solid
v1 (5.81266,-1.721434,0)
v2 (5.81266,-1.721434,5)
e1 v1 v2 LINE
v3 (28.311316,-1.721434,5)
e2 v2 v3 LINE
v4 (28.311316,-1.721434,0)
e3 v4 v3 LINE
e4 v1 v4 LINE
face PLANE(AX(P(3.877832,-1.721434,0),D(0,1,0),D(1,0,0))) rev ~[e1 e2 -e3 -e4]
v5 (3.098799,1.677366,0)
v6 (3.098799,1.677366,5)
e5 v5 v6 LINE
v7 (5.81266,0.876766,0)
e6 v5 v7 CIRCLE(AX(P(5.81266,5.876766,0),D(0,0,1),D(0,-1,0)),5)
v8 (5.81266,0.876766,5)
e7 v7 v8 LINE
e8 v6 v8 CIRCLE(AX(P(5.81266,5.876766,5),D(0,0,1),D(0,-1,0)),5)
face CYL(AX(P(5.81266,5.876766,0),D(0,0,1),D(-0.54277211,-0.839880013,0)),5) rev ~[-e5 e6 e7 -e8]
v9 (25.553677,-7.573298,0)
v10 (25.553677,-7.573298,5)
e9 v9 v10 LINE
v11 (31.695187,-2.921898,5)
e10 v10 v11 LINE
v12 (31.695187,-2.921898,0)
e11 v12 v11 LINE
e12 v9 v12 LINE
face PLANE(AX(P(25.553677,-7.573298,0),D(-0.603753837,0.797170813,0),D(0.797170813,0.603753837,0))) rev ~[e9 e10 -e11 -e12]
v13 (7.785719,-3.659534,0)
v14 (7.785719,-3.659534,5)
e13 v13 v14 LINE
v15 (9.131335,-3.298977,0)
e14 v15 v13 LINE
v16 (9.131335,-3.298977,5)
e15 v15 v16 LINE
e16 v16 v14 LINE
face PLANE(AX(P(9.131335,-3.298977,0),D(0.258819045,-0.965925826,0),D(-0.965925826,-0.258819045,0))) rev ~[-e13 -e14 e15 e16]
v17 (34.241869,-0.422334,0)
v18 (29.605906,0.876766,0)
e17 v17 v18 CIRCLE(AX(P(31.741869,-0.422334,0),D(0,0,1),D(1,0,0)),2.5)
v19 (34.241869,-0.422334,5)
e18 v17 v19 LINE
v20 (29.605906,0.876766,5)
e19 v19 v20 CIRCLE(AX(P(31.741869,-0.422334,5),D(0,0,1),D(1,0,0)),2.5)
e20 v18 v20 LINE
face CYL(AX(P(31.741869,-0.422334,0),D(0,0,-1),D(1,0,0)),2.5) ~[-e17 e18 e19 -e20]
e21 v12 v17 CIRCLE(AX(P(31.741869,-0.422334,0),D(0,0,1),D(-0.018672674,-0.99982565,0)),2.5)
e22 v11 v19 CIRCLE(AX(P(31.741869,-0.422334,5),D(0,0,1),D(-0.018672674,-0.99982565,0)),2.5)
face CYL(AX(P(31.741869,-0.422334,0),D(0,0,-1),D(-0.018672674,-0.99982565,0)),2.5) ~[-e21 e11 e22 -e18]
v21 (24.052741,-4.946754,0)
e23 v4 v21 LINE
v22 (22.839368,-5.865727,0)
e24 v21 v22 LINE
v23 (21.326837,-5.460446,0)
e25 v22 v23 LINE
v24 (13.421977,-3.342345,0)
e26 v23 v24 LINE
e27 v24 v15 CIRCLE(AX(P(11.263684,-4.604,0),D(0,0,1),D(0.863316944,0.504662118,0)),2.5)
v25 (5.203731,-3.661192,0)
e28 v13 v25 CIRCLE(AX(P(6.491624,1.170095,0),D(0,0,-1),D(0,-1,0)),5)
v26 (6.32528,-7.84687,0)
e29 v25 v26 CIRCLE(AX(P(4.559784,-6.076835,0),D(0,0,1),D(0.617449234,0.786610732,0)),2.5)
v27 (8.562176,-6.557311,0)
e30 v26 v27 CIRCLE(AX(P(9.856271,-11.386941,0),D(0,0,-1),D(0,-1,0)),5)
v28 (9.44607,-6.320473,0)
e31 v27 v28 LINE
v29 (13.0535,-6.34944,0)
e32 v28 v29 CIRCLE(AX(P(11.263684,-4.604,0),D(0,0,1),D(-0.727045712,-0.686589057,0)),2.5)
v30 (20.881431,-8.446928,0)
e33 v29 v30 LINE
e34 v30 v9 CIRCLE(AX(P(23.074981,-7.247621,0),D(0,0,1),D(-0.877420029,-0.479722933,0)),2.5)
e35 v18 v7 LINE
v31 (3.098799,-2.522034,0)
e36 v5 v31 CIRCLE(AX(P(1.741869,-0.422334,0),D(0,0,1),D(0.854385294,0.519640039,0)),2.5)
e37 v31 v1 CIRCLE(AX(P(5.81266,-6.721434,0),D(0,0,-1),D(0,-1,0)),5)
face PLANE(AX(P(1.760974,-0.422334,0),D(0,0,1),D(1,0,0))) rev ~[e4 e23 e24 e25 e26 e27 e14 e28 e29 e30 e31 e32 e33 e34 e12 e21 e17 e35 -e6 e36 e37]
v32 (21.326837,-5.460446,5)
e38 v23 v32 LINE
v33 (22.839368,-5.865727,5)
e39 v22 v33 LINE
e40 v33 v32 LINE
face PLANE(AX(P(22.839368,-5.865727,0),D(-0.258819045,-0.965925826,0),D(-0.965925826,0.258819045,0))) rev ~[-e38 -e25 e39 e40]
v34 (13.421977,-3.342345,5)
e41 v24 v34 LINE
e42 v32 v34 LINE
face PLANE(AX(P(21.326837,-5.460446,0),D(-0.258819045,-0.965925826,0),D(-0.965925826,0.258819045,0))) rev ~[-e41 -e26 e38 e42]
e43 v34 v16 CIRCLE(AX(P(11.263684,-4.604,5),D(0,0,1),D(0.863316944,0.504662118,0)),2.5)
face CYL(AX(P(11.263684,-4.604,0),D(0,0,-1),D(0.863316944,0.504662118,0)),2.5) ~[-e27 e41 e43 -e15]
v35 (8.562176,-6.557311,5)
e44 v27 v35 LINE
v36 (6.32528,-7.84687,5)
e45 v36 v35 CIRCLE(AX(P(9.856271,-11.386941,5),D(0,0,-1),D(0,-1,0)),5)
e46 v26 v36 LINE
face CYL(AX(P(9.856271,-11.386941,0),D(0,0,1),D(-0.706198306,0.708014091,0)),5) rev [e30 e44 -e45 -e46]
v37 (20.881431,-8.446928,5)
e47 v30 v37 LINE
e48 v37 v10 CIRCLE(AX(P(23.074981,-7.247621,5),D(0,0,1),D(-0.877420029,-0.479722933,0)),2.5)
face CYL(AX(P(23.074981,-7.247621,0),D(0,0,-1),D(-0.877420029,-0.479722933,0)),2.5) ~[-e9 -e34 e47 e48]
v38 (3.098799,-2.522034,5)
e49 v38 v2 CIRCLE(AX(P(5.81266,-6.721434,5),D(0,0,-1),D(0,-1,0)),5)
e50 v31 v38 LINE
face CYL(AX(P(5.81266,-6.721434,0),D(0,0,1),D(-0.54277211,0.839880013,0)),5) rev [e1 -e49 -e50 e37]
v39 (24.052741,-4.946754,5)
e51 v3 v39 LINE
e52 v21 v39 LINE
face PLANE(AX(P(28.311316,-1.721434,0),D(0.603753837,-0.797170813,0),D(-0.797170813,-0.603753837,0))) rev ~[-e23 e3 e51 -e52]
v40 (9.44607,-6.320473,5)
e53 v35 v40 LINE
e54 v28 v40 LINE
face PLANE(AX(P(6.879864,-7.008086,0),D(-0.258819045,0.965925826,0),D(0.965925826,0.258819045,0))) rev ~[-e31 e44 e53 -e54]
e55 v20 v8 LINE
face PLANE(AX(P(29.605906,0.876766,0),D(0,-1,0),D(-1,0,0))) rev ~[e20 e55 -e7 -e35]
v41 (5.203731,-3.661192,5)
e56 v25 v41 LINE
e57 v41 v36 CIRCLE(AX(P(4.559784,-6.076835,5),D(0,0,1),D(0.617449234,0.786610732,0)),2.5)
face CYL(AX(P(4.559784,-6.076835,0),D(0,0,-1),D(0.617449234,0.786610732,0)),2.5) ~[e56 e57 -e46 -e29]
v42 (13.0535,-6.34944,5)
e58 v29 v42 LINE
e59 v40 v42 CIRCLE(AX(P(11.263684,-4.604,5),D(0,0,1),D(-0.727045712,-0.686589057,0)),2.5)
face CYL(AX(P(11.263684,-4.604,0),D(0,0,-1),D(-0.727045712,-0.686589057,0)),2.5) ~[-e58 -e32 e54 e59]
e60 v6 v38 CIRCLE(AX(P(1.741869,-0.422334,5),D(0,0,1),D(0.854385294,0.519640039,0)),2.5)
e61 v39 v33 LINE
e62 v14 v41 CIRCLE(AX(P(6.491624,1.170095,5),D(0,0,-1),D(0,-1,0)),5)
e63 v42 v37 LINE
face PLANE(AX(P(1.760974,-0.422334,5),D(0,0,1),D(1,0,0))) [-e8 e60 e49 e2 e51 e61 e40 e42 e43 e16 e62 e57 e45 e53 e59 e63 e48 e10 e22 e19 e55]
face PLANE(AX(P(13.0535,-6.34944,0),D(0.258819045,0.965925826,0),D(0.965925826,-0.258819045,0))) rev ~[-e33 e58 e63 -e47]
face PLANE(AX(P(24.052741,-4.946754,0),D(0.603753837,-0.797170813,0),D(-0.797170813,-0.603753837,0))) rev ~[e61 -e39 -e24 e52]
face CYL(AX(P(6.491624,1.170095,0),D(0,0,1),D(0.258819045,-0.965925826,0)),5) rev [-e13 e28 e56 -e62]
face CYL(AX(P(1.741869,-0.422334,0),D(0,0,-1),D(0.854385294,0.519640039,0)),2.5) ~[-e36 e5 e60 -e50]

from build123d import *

# Parameters (mm, degrees)
F1_DEPTH = 5
F2_DEPTH = 5
F3_R     = 5


with BuildPart() as f1:
    # F0 (on Top) → F1 (new body)
    with BuildSketch(Plane.XY):
        with BuildLine():
            ThreePointArc((3.8778323824, 0.876766336), (4.1491402261, 0.2522371821), (4.2418691481, -0.4223337609))
            ThreePointArc((4.2418691481, -0.4223337609), (4.1491402261, -1.0969047038), (3.8778323824, -1.7214338577))
            Line((3.8778323824, -1.7214338577), (28.311316439, -1.7214338577))
            Line((28.311316439, -1.7214338577), (29.302722756, -0.9705717363))
            ThreePointArc((29.302722756, -0.9705717363), (29.2748726925, -0.0174529288), (29.6059059138, 0.876766336))
            Line((29.6059059138, 0.876766336), (3.8778323824, 0.876766336))
        make_face()
        with BuildLine():
            ThreePointArc((34.2418691481, -0.4223337609), (32.4164400911, 1.9849373171), (29.6059059138, 0.876766336))
            Line((29.6059059138, 0.876766336), (31.7418691481, 0.876766336))
            Line((31.7418691481, 0.876766336), (33.5531306582, -1.5147461023))
            Line((33.5531306582, -1.5147461023), (31.6951874639, -2.921897887))
            ThreePointArc((31.6951874639, -2.921897887), (33.4930538599, -2.206528847), (34.2418691481, -0.4223337609))
        make_face()
        with BuildLine():
            Line((33.5531306582, -1.5147461023), (31.7418691481, 0.876766336))
            Line((31.7418691481, 0.876766336), (31.7418691481, -1.7214338577))
            Line((31.7418691481, -1.7214338577), (29.6059059138, -1.7214338577))
            ThreePointArc((29.6059059138, -1.7214338577), (30.4963719858, -2.5899907491), (31.6951874639, -2.921897887))
            Line((31.6951874639, -2.921897887), (33.5531306582, -1.5147461023))
        make_face()
        with BuildLine():
            Line((31.7418691481, 0.876766336), (29.6059059138, 0.876766336))
            ThreePointArc((29.6059059138, 0.876766336), (29.2748726925, -0.0174529288), (29.302722756, -0.9705717363))
            Line((29.302722756, -0.9705717363), (31.7418691481, 0.876766336))
        make_face()
        with BuildLine():
            Line((31.7418691481, -1.7214338577), (31.7418691481, 0.876766336))
            Line((31.7418691481, 0.876766336), (29.302722756, -0.9705717363))
            ThreePointArc((29.302722756, -0.9705717363), (29.4237113655, -1.358359666), (29.6059059138, -1.7214338577))
            Line((29.6059059138, -1.7214338577), (31.7418691481, -1.7214338577))
        make_face()
        with BuildLine():
            Line((29.6059059138, -1.7214338577), (28.311316439, -1.7214338577))
            Line((28.311316439, -1.7214338577), (24.0527407032, -4.9467544517))
            ThreePointArc((24.0527407032, -4.9467544517), (25.1599747934, -5.8682005046), (25.5749808252, -7.2476207279))
            ThreePointArc((25.5749808252, -7.2476207279), (25.569649156, -7.4108074897), (25.5536768898, -7.5732982052))
            Line((25.5536768898, -7.5732982052), (31.6951874639, -2.921897887))
            ThreePointArc((31.6951874639, -2.921897887), (30.4963719858, -2.5899907491), (29.6059059138, -1.7214338577))
        make_face()
        with BuildLine():
            Line((29.302722756, -0.9705717363), (28.311316439, -1.7214338577))
            Line((28.311316439, -1.7214338577), (29.6059059138, -1.7214338577))
            ThreePointArc((29.6059059138, -1.7214338577), (29.4237113655, -1.358359666), (29.302722756, -0.9705717363))
        make_face()
        with BuildLine():
            ThreePointArc((25.5749808252, -7.2476207279), (25.1599747934, -5.8682005046), (24.0527407032, -4.9467544517))
            Line((24.0527407032, -4.9467544517), (22.8393681886, -5.8657272732))
            Line((22.8393681886, -5.8657272732), (24.2570694169, -6.2455991724))
            Line((24.2570694169, -6.2455991724), (23.4806122816, -9.1433766513))
            Line((23.4806122816, -9.1433766513), (25.5536768898, -7.5732982052))
            ThreePointArc((25.5536768898, -7.5732982052), (25.569649156, -7.4108074897), (25.5749808252, -7.2476207279))
        make_face()
        with BuildLine():
            ThreePointArc((20.8814307518, -8.4469280594), (23.5344743938, -9.7050310844), (25.5536768898, -7.5732982052))
            Line((25.5536768898, -7.5732982052), (23.4806122816, -9.1433766513))
            Line((23.4806122816, -9.1433766513), (20.8814307518, -8.4469280594))
        make_face()
        with BuildLine():
            Line((21.6693507715, -6.751864213), (22.8393681886, -5.8657272732))
            Line((22.8393681886, -5.8657272732), (21.3268372671, -5.4604458343))
            ThreePointArc((21.3268372671, -5.4604458343), (20.6023291733, -6.8788473441), (20.8814307518, -8.4469280594))
            Line((20.8814307518, -8.4469280594), (23.4806122816, -9.1433766513))
            Line((23.4806122816, -9.1433766513), (21.6693507715, -6.751864213))
        make_face()
        Polygon((24.2570694169, -6.2455991724), (22.8393681886, -5.8657272732), (21.6693507715, -6.751864213), (23.4806122816, -9.1433766513), align=None)
        with BuildLine():
            ThreePointArc((20.8814307518, -8.4469280594), (20.6023291733, -6.8788473441), (21.3268372671, -5.4604458343))
            Line((21.3268372671, -5.4604458343), (13.4219767307, -3.3423448372))
            ThreePointArc((13.4219767307, -3.3423448372), (13.6767457968, -3.9504448184), (13.7636843696, -4.6040001325))
            ThreePointArc((13.7636843696, -4.6040001325), (13.5793417545, -5.5461948448), (13.0534996689, -6.3494402473))
            Line((13.0534996689, -6.3494402473), (20.8814307518, -8.4469280594))
        make_face()
        with BuildLine():
            ThreePointArc((13.7636843696, -4.6040001325), (13.6767457968, -3.9504448184), (13.4219767307, -3.3423448372))
            Line((13.4219767307, -3.3423448372), (11.4246112089, -2.8071523587))
            Line((11.4246112089, -2.8071523587), (12.1704041891, -5.5904896527))
            Line((12.1704041891, -5.5904896527), (11.1957308392, -5.8516525897))
            Line((11.1957308392, -5.8516525897), (13.0534996689, -6.3494402473))
            ThreePointArc((13.0534996689, -6.3494402473), (13.5793417545, -5.5461948448), (13.7636843696, -4.6040001325))
        make_face()
        with BuildLine():
            Line((11.4246112089, -2.8071523587), (13.4219767307, -3.3423448372))
            ThreePointArc((13.4219767307, -3.3423448372), (11.2889517228, -2.1041278236), (9.1313345982, -3.2989773541))
            Line((9.1313345982, -3.2989773541), (11.3939470538, -2.6927121739))
            Line((11.3939470538, -2.6927121739), (11.4246112089, -2.8071523587))
        make_face()
        with BuildLine():
            Line((11.2012257233, -2.7472963982), (11.4246112089, -2.8071523587))
            Line((11.4246112089, -2.8071523587), (11.3939470538, -2.6927121739))
            Line((11.3939470538, -2.6927121739), (9.1313345982, -3.2989773541))
            ThreePointArc((9.1313345982, -3.2989773541), (8.7771380409, -4.8630124006), (9.44607009, -6.3204727745))
            Line((9.44607009, -6.3204727745), (11.1957308392, -5.8516525897))
            Line((11.1957308392, -5.8516525897), (10.424768588, -5.6450738771))
            Line((10.424768588, -5.6450738771), (11.2012257233, -2.7472963982))
        make_face()
        Polygon((12.1704041891, -5.5904896527), (11.4246112089, -2.8071523587), (11.2012257233, -2.7472963982), (10.424768588, -5.6450738771), (11.1957308392, -5.8516525897), align=None)
        with BuildLine():
            ThreePointArc((9.44607009, -6.3204727745), (11.2436101462, -7.1039195363), (13.0534996689, -6.3494402473))
            Line((13.0534996689, -6.3494402473), (11.1957308392, -5.8516525897))
            Line((11.1957308392, -5.8516525897), (9.44607009, -6.3204727745))
        make_face()
        with BuildLine():
            ThreePointArc((9.44607009, -6.3204727745), (8.7771380409, -4.8630124006), (9.1313345982, -3.2989773541))
            Line((9.1313345982, -3.2989773541), (6.1034072345, -4.110308046))
            ThreePointArc((6.1034072345, -4.110308046), (6.8080120864, -4.9834588452), (7.0597841495, -6.0768348756))
            ThreePointArc((7.0597841495, -6.0768348756), (7.0143921173, -6.5510708134), (6.8798643698, -7.0080855248))
            Line((6.8798643698, -7.0080855248), (9.44607009, -6.3204727745))
        make_face()
        with BuildLine():
            Line((4.1715555819, -4.6279461362), (6.1034072345, -4.110308046))
            ThreePointArc((6.1034072345, -4.110308046), (2.1449695838, -6.7238824884), (6.8798643698, -7.0080855248))
            Line((6.8798643698, -7.0080855248), (4.9480127172, -7.525723615))
            Line((4.9480127172, -7.525723615), (4.1715555819, -4.6279461362))
        make_face()
        with BuildLine():
            ThreePointArc((7.0597841495, -6.0768348756), (6.8080120864, -4.9834588452), (6.1034072345, -4.110308046))
            Line((6.1034072345, -4.110308046), (4.1715555819, -4.6279461362))
            Line((4.1715555819, -4.6279461362), (4.9480127172, -7.525723615))
            Line((4.9480127172, -7.525723615), (6.8798643698, -7.0080855248))
            ThreePointArc((6.8798643698, -7.0080855248), (7.0143921173, -6.5510708134), (7.0597841495, -6.0768348756))
        make_face()
    extrude(amount=F1_DEPTH)

    # F0 (on Top) → F2 (join)
    with BuildSketch(Plane.XY):
        with BuildLine():
            Line((1.7418691481, 0.876766336), (3.8778323824, 0.876766336))
            ThreePointArc((3.8778323824, 0.876766336), (-0.7581308519, -0.4223337609), (3.8778323824, -1.7214338577))
            Line((3.8778323824, -1.7214338577), (1.7418691481, -1.7214338577))
            Line((1.7418691481, -1.7214338577), (1.7418691481, 0.876766336))
        make_face()
        with BuildLine():
            ThreePointArc((3.8778323824, -1.7214338577), (4.1491402261, -1.0969047038), (4.2418691481, -0.4223337609))
            ThreePointArc((4.2418691481, -0.4223337609), (4.1491402261, 0.2522371821), (3.8778323824, 0.876766336))
            Line((3.8778323824, 0.876766336), (1.7418691481, 0.876766336))
            Line((1.7418691481, 0.876766336), (1.7418691481, -1.7214338577))
            Line((1.7418691481, -1.7214338577), (3.8778323824, -1.7214338577))
        make_face()
    extrude(amount=F2_DEPTH)

    # F3
    f3_edges = [f1.edges().sort_by_distance(p)[0] for p in [
        (3.877832, 0.876766, 2.5),
        (3.877832, -1.721434, 2.5),
        (6.879864, -7.008086, 2.5),
        (6.103407, -4.110308, 2.5),
    ]]
    fillet(f3_edges, radius=F3_R)


solid = f1.part
